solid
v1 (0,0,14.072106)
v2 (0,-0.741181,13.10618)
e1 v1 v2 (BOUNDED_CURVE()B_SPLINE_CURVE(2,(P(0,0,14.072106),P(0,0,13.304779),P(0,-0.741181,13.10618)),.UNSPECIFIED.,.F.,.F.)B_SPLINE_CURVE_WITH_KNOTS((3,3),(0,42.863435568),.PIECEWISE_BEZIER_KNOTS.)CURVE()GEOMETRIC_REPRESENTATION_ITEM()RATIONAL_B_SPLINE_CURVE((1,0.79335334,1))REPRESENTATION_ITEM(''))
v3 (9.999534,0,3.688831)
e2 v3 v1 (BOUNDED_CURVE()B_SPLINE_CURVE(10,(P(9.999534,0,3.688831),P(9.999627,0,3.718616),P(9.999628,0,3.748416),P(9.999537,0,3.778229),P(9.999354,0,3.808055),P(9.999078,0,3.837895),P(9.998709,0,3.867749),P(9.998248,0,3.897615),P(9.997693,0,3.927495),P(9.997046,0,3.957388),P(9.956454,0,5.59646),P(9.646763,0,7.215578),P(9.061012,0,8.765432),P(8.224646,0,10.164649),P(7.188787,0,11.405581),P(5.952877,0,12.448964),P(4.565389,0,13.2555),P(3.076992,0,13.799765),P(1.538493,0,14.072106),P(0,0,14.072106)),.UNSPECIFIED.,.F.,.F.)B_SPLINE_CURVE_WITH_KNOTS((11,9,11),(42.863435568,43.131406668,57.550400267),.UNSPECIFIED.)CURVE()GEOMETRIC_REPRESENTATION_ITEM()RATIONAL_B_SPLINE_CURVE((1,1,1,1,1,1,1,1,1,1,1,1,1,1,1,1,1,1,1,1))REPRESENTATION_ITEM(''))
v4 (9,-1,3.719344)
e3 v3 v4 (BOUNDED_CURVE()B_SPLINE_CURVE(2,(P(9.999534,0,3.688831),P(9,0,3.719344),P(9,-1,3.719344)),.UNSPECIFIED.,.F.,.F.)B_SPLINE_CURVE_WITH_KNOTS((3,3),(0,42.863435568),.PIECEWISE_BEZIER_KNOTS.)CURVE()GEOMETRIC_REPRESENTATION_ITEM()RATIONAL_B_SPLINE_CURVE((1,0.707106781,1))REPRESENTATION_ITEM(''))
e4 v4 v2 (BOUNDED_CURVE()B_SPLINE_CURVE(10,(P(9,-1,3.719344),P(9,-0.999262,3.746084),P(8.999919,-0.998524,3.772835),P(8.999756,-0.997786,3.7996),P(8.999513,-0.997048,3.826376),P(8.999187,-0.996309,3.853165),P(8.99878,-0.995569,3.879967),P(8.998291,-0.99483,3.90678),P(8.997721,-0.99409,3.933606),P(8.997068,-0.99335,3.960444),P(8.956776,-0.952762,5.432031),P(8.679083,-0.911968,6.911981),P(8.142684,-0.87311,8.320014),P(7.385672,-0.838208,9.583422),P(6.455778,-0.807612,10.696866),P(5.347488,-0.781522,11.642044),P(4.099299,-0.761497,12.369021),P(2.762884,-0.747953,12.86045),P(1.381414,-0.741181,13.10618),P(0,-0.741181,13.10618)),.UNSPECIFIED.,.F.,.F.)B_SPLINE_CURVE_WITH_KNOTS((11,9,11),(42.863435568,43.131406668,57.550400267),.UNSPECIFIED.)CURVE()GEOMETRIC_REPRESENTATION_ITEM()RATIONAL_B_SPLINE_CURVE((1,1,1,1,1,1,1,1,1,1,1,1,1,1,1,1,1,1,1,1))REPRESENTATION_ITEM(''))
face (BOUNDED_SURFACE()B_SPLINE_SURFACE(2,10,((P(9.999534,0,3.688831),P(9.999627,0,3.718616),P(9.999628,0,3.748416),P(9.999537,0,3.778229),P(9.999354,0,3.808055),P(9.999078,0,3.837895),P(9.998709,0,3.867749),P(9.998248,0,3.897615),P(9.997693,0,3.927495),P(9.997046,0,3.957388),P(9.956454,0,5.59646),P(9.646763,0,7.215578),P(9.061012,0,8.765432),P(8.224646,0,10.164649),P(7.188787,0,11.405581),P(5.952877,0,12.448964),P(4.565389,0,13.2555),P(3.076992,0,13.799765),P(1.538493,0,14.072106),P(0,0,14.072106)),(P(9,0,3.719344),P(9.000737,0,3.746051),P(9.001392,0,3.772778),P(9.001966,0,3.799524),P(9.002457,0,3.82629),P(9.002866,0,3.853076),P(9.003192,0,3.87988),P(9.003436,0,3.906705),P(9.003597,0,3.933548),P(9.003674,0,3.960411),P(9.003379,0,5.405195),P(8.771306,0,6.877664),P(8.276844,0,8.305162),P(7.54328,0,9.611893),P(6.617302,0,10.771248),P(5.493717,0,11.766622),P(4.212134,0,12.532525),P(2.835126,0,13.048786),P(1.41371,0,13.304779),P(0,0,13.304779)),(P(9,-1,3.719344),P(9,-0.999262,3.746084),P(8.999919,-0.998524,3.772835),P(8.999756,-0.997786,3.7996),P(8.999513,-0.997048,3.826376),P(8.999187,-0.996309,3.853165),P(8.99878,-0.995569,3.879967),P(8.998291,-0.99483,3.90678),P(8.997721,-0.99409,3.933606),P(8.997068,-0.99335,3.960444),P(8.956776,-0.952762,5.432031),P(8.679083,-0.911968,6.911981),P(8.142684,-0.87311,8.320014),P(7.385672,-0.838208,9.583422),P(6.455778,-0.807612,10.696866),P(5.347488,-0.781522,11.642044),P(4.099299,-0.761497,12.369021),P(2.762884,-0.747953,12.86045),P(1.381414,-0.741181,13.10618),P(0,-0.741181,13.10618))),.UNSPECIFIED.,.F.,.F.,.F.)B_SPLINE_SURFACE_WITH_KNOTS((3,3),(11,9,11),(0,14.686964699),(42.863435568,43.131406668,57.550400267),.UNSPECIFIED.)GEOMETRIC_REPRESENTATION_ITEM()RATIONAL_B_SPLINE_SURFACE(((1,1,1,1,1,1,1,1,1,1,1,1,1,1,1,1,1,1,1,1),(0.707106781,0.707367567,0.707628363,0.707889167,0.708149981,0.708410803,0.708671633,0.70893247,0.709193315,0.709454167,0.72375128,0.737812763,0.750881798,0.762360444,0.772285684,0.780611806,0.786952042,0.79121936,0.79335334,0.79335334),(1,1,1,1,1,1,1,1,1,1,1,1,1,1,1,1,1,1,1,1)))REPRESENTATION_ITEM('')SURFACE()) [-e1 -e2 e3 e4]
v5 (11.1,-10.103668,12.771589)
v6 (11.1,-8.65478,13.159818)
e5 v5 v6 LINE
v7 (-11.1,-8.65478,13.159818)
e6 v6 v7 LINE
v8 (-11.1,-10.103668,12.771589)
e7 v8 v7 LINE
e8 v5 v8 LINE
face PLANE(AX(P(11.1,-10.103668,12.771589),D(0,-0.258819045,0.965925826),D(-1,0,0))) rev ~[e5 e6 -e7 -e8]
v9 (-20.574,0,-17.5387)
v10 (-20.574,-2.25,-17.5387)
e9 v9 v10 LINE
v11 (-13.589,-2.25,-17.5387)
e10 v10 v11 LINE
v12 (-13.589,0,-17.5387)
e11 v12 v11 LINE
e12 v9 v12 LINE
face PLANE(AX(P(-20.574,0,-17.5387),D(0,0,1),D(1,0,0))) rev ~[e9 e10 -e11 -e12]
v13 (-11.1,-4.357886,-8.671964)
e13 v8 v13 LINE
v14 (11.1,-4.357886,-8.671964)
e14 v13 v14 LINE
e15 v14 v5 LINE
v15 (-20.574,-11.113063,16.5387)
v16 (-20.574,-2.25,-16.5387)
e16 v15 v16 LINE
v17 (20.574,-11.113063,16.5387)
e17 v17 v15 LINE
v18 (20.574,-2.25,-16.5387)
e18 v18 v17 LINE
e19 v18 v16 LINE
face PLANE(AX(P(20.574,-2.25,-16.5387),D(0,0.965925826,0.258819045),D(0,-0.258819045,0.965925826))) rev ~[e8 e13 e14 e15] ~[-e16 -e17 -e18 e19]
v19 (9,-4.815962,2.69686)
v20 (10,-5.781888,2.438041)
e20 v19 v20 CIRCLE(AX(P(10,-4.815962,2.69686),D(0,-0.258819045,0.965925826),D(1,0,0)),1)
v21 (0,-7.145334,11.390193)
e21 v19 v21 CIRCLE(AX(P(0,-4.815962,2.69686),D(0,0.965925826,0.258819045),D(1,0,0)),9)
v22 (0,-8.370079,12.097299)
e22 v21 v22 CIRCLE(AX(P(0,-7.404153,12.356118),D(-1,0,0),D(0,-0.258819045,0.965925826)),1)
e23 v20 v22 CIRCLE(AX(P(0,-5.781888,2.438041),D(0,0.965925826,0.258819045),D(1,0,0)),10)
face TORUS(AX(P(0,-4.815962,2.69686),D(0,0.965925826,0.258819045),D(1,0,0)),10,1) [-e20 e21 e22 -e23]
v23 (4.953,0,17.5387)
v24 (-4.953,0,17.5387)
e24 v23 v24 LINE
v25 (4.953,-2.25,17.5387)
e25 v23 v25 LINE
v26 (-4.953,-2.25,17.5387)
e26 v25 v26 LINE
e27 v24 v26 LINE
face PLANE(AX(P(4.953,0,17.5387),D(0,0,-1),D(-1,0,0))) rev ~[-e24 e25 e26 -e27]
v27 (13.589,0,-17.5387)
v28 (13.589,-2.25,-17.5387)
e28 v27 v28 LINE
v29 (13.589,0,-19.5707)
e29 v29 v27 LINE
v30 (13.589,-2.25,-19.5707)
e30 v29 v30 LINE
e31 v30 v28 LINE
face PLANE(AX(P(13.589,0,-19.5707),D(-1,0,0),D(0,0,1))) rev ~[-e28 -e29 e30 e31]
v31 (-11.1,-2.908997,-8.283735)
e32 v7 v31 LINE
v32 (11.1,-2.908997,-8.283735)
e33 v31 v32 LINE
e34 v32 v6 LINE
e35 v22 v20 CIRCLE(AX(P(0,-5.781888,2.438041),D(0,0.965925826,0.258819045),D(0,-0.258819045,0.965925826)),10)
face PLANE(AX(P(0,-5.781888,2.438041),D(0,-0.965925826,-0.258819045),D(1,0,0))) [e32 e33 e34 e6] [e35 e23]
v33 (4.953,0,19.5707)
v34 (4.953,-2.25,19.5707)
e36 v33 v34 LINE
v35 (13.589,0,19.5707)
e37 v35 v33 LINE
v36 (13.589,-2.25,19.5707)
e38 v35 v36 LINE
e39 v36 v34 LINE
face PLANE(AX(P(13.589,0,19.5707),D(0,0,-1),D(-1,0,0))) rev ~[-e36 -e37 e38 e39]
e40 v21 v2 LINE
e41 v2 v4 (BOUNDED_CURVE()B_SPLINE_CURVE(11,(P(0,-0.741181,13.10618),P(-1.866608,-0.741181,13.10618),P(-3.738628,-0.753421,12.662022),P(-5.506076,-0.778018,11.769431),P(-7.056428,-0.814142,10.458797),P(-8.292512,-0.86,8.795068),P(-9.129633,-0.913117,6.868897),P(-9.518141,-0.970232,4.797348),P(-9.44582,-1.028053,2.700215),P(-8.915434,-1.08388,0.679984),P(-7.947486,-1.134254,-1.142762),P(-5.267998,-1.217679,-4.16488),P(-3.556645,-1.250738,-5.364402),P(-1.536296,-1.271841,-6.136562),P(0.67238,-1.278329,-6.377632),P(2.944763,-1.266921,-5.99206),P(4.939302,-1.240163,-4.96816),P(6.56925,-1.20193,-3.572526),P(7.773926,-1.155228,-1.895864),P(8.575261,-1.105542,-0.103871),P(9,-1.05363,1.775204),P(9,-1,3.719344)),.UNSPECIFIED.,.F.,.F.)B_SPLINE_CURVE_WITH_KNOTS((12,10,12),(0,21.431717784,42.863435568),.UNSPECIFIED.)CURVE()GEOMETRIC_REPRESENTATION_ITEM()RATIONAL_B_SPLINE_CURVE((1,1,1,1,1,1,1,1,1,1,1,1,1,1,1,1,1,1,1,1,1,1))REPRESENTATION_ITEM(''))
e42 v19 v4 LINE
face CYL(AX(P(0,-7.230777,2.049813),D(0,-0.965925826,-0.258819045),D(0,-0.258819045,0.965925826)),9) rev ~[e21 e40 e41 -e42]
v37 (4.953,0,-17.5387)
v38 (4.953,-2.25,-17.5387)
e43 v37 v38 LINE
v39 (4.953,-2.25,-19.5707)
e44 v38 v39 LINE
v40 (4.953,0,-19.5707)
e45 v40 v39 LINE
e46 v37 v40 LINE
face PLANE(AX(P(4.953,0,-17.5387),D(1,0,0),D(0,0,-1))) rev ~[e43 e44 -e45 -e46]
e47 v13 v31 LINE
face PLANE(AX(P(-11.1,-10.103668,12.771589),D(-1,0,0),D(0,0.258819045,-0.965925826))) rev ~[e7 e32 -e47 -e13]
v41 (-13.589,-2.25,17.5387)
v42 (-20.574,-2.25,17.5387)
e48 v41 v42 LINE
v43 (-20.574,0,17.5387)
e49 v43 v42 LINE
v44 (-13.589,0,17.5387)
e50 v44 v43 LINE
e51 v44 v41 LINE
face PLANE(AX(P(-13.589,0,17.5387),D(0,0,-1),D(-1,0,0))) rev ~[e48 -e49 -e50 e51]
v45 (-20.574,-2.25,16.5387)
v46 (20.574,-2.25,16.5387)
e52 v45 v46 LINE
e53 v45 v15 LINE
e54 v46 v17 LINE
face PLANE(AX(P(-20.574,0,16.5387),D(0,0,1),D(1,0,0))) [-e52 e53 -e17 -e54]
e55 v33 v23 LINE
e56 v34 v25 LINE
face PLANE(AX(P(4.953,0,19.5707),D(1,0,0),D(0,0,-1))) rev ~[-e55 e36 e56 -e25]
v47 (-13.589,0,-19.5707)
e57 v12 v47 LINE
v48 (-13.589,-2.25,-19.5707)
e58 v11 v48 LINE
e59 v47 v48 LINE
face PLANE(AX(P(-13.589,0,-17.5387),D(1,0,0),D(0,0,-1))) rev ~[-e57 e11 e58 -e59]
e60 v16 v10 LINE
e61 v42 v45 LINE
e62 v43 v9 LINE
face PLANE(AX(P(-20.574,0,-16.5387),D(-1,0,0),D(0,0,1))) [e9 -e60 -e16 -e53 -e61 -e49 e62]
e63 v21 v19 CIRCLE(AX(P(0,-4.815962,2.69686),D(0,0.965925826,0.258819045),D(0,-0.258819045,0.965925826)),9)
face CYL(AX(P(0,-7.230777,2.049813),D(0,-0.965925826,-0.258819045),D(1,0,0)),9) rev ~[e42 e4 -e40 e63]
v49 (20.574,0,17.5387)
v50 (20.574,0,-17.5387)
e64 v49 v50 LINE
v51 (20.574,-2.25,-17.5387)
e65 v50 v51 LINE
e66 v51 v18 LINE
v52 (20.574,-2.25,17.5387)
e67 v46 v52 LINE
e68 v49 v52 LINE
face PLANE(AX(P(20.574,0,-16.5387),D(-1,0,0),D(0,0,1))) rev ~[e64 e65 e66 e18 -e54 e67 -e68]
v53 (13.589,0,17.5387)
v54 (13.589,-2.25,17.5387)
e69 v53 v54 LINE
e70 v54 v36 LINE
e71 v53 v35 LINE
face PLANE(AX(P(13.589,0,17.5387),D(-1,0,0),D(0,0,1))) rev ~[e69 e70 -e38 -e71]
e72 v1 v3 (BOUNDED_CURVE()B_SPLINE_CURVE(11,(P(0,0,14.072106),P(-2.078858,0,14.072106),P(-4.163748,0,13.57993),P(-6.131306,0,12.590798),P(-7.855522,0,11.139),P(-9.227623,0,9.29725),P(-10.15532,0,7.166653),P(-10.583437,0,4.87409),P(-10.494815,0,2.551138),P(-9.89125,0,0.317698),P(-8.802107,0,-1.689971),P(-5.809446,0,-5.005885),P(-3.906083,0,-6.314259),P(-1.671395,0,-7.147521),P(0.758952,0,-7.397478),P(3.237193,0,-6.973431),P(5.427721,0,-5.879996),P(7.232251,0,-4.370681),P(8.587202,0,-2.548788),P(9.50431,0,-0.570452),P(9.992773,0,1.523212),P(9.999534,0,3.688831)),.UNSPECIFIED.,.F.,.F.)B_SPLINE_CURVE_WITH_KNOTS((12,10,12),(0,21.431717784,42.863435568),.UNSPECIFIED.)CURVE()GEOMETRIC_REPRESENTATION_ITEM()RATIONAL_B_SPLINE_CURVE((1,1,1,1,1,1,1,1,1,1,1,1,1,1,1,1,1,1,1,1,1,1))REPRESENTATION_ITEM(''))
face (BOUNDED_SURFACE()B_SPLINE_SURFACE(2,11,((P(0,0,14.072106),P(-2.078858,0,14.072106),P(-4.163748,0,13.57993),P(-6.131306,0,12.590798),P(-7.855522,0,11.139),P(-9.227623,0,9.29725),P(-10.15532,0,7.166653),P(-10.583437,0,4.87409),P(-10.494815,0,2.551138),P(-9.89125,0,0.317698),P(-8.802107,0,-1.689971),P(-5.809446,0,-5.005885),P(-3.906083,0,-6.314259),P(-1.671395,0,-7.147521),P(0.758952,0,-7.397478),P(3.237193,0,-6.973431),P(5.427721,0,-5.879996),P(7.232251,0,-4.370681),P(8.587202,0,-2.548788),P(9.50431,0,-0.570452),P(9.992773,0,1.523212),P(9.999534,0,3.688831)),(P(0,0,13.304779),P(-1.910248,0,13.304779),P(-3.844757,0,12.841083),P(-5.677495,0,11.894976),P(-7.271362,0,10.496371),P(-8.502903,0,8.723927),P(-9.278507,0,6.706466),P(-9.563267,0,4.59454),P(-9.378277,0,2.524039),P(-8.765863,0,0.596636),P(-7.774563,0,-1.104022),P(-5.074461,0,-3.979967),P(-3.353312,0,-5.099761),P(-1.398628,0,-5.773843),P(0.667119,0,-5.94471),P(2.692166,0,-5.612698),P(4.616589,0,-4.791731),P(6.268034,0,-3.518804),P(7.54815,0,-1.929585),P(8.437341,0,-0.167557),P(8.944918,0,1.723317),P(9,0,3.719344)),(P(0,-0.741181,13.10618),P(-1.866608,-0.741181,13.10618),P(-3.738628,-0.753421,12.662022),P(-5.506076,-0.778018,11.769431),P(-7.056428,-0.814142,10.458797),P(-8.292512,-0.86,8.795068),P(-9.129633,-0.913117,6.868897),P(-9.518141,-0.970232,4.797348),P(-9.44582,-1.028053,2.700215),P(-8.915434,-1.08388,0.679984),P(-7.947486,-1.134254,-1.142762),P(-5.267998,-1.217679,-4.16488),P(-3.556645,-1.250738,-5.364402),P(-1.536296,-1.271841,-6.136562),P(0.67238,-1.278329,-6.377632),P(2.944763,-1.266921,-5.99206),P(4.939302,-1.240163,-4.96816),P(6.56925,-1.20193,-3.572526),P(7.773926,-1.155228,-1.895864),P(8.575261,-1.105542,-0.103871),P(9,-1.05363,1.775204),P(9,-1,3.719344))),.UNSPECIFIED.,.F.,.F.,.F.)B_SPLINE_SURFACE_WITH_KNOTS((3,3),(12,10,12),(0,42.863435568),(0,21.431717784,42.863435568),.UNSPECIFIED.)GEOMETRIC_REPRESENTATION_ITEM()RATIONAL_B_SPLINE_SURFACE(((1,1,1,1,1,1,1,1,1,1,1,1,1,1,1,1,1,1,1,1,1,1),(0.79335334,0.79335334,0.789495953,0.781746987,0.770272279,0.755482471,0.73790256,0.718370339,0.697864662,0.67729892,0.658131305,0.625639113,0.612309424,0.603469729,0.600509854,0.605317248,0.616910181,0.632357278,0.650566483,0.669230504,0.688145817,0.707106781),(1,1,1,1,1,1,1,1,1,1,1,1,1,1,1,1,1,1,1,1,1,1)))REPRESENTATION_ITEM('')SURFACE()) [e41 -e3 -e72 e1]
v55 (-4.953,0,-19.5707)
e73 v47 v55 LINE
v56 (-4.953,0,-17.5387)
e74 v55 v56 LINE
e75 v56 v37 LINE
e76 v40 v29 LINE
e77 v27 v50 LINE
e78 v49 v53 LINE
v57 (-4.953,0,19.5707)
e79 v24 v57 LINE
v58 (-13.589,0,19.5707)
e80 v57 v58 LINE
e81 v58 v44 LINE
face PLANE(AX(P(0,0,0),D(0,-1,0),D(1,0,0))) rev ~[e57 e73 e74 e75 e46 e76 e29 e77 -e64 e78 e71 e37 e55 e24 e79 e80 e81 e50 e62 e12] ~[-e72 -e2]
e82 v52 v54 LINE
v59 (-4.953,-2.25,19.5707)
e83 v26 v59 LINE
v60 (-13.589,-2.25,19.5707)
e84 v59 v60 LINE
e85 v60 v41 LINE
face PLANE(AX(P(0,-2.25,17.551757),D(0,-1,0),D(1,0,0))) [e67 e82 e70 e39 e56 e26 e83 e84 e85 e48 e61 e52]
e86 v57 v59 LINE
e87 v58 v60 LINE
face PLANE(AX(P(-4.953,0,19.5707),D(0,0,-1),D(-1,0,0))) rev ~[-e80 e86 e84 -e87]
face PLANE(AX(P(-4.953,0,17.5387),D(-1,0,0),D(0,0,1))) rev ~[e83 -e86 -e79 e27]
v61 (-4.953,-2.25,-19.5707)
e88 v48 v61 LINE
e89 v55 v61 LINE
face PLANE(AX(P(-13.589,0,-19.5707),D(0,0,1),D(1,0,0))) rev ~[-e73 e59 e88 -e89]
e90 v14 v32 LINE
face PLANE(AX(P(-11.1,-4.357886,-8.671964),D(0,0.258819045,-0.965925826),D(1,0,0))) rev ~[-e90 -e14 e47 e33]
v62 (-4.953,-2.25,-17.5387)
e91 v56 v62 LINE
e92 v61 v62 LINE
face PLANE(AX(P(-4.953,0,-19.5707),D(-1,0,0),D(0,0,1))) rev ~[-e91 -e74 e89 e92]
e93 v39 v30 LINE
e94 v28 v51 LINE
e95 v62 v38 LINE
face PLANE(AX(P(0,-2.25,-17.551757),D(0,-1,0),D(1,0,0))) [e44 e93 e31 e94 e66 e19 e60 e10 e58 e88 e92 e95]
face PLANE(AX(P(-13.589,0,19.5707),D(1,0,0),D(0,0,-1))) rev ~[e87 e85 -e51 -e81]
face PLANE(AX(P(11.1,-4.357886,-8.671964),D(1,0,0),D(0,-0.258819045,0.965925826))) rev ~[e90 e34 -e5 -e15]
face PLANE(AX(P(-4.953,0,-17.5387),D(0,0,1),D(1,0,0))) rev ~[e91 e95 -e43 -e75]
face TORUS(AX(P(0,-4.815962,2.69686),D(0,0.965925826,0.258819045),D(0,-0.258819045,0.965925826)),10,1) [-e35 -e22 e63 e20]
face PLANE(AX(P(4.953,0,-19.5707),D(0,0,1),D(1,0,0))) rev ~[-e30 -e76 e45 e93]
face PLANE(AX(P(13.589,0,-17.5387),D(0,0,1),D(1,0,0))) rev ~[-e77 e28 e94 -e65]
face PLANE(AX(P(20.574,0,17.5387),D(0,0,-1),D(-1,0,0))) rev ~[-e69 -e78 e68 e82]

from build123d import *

# Parameters (mm, degrees)
F1_DEPTH = 2.25
F0_W     = 41.148
F0_H     = 33.0774
F2_DEPTH = 15
F5_DEPTH = 50
F7_DEPTH = 11.5201335364
F8_DEPTH = 1.5
F9_R     = 1


with BuildPart() as f1:
    # F0 (on Front) → F1 (new body)
    with BuildSketch(Plane.XZ):
        Polygon((13.589, 17.5387), (13.589, 19.5707), (4.953, 19.5707), (4.953, 17.5387), (-4.953, 17.5387), (-4.953, 19.5707), (-13.589, 19.5707), (-13.589, 17.5387), (-20.574, 17.5387), (-20.574, 16.5387), (20.574, 16.5387), (20.574, 17.5387), align=None)
    extrude(amount=F1_DEPTH)


with BuildPart() as f1b:
    # F0 (on Front) → F1, piece 2 (new body)
    with BuildSketch(Plane.XZ):
        Polygon((20.574, -17.5387), (20.574, -16.5387), (-20.574, -16.5387), (-20.574, -17.5387), (-13.589, -17.5387), (-13.589, -19.5707), (-4.953, -19.5707), (-4.953, -17.5387), (4.953, -17.5387), (4.953, -19.5707), (13.589, -19.5707), (13.589, -17.5387), align=None)
    extrude(amount=F1_DEPTH)


with BuildPart() as f2:
    # F0 (on Front) → F2 (new body)
    with BuildSketch(Plane.XZ):
        Rectangle(F0_W, F0_H)
    extrude(amount=F2_DEPTH)


with BuildPart() as f1_1:
    add(f1.part)

    # F3: union F1b, F2
    add(f1b.part)
    add(f2.part)

    # F4 (on face) → F5 (cut)
    with BuildSketch(Plane.YZ.offset(20.574)):
        Polygon((-15, -16.5387), (-2.25, -16.5387), (-11.1130626177, 16.5387), (-15, 16.5387), align=None)
    extrude(amount=-F5_DEPTH, mode=Mode.SUBTRACT)

    # F6 (on face) → F7 (cut, through all)
    with BuildSketch(Plane(origin=(0, -6.2339535793, -1.6703828272), x_dir=(1, 0, 0), z_dir=(0, -0.9659258263, -0.2588190451))):
        with BuildLine():
            ThreePointArc((9, 3.8514297181), (6.3639610307, 10.2153907488), (0, 12.8514297181))
            ThreePointArc((0, 12.8514297181), (-6.3639610307, -2.5125313125), (9, 3.8514297181))
        make_face()
    extrude(amount=-F7_DEPTH, mode=Mode.SUBTRACT)

    # F6 (on face) → F8 (cut)
    with BuildSketch(Plane(origin=(0, -6.2339535793, -1.6703828272), x_dir=(1, 0, 0), z_dir=(0, -0.9659258263, -0.2588190451))):
        Polygon((11.1, 14.9514297181), (0, 14.9514297181), (-11.1, 14.9514297181), (-11.1, -7.2485702819), (11.1, -7.2485702819), align=None)
        with BuildLine():
            ThreePointArc((9, 3.8514297181), (-6.3639610307, -2.5125313125), (0, 12.8514297181))
            ThreePointArc((0, 12.8514297181), (6.3639610307, 10.2153907488), (9, 3.8514297181))
        make_face(mode=Mode.SUBTRACT)
    extrude(amount=-F8_DEPTH, mode=Mode.SUBTRACT)

    # F9
    f9_edges = [f1_1.edges().sort_by_distance(p)[0] for p in [
        (-9, 0, 3.987295),
        (-9, -5.781888, 2.438041),
    ]]
    fillet(f9_edges, radius=F9_R)


solid = f1_1.part
